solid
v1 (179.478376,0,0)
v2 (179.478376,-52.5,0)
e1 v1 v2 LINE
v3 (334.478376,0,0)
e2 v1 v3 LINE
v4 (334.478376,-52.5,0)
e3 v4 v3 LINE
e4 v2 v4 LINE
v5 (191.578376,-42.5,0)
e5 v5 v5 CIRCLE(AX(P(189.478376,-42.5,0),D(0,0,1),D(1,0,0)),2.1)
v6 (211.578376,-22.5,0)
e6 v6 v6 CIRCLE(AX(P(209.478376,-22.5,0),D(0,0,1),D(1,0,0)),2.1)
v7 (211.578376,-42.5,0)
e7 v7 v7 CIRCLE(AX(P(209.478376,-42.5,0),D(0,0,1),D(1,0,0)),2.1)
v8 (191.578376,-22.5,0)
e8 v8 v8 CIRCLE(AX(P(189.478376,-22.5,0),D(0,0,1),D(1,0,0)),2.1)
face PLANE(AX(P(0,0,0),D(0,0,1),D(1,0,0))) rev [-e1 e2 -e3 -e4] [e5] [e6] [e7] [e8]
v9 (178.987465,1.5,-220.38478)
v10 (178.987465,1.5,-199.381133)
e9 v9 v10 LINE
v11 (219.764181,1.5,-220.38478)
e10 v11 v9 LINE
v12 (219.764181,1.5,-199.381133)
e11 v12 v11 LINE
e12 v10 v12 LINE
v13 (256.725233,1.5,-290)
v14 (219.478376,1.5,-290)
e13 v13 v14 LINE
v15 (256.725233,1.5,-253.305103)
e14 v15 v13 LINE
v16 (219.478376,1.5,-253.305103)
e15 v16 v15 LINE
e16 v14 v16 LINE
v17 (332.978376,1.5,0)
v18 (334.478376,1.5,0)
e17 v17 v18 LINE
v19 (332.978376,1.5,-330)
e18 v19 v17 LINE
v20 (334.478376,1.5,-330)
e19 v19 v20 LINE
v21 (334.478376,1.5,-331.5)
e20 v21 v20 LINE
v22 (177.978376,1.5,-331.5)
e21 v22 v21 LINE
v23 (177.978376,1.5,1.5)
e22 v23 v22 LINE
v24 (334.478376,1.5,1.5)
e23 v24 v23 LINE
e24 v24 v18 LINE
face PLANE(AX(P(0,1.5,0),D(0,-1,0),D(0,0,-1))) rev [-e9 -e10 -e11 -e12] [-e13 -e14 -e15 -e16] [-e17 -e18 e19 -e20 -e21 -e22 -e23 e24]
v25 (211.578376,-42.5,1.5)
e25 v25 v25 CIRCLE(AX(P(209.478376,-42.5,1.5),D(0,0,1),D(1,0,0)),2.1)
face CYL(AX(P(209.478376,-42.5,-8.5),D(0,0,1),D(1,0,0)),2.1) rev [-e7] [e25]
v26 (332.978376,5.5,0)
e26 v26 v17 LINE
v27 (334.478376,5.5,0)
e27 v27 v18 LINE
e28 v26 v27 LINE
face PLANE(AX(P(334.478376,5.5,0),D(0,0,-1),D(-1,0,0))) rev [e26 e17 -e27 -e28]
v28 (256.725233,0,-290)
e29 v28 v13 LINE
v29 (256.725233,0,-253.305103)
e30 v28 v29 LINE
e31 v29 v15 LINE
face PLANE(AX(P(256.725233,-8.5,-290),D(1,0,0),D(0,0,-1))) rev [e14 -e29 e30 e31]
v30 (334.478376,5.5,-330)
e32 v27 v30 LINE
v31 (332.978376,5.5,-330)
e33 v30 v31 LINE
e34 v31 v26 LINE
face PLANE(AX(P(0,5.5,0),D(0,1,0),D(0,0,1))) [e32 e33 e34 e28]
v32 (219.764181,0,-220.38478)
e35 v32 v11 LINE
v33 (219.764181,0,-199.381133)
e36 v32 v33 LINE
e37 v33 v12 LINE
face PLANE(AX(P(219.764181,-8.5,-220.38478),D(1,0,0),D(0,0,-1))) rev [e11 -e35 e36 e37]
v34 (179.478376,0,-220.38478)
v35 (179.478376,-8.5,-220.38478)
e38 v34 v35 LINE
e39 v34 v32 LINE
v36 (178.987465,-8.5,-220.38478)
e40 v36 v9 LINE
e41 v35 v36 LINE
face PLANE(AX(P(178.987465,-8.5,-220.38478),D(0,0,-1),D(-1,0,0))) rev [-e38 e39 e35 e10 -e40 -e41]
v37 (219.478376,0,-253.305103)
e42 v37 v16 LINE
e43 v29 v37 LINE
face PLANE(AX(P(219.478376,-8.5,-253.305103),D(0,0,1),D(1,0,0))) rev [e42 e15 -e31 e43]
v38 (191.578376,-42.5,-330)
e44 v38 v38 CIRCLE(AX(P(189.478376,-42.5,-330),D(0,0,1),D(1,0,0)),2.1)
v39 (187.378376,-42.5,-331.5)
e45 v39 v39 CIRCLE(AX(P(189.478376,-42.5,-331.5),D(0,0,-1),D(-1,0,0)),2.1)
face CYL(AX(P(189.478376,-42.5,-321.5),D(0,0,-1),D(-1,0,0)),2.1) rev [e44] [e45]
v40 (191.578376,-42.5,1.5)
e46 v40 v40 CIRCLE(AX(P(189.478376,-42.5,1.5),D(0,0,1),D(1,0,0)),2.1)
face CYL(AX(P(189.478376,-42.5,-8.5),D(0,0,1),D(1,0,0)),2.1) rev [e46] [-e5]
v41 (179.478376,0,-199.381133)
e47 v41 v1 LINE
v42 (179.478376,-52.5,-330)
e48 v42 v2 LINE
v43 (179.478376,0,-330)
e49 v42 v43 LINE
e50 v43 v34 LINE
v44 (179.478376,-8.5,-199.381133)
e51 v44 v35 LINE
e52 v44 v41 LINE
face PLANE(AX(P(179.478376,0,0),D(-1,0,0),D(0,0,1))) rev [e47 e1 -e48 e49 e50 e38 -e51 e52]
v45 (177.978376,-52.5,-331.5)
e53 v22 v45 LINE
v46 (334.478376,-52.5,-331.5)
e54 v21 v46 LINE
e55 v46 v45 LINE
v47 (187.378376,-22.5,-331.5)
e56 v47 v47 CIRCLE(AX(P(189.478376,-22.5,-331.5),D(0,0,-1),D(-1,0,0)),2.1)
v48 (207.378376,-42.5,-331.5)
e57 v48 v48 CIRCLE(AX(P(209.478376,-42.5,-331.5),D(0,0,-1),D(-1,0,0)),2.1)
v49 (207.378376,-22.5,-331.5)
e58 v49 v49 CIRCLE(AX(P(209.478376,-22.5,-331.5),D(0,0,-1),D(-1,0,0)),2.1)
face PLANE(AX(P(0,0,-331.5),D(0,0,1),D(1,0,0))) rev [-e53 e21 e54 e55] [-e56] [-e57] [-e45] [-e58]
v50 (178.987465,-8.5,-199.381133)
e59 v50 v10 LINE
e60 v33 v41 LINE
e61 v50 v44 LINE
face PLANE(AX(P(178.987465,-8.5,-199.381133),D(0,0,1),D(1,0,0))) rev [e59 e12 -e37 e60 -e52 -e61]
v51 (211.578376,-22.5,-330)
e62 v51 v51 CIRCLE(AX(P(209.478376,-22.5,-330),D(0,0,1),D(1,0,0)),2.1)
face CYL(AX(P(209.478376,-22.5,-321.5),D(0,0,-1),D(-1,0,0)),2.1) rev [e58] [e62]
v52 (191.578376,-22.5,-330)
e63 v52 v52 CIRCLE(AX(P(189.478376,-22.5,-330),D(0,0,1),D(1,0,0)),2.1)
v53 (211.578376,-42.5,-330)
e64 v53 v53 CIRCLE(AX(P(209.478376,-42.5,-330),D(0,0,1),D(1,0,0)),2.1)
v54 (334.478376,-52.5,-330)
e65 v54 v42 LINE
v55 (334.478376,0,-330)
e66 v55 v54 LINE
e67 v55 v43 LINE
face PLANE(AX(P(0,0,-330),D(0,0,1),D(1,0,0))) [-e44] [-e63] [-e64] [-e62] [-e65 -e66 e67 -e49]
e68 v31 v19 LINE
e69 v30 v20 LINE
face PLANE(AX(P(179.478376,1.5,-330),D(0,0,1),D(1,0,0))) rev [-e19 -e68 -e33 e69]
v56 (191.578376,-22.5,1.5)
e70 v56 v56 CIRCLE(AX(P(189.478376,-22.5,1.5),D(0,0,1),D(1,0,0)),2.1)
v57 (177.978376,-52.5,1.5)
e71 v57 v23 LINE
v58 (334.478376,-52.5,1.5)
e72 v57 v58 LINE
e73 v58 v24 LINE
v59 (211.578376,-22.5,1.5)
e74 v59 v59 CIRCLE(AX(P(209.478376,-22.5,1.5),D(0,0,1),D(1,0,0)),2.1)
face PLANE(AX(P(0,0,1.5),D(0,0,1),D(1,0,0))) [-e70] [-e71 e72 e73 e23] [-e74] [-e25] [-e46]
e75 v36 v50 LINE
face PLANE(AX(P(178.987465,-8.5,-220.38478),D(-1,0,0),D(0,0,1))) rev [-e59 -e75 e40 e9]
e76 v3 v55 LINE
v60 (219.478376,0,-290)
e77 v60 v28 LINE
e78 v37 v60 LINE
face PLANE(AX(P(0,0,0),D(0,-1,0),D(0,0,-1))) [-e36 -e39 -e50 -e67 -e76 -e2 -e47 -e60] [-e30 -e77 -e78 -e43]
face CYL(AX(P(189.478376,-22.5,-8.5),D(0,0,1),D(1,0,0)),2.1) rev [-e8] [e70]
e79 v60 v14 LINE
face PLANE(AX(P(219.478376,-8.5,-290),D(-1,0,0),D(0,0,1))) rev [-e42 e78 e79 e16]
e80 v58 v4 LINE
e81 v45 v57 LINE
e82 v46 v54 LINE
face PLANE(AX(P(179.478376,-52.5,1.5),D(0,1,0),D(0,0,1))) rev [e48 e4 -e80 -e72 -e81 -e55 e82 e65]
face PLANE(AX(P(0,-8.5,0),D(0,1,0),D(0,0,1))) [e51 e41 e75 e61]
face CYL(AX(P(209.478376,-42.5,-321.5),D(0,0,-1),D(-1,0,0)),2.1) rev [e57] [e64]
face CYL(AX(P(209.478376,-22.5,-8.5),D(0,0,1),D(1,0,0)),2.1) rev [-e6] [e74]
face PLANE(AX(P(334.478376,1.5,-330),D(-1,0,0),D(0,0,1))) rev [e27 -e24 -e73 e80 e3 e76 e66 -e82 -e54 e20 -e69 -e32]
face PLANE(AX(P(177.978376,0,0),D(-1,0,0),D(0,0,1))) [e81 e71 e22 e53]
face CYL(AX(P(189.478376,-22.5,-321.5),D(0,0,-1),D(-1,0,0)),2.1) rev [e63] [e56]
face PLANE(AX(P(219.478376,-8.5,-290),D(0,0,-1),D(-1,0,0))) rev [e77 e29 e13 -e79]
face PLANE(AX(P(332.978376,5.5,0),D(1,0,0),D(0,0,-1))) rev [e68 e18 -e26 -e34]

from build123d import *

# Parameters (mm, degrees)
BOSS_EXTRUDE4_DEPTH  = 1.5
SKETCH5_W            = 155
SKETCH5_H            = 54
BOSS_EXTRUDE5_DEPTH  = 1.5
SKETCH8_W            = 1.5
SKETCH8_H            = 330
BOSS_EXTRUDE14_DEPTH = 4
SKETCH7_W            = 155
SKETCH7_H            = 54
BOSS_EXTRUDE18_DEPTH = 1.5
SKETCH9_W            = 333
SKETCH9_H            = 54
BOSS_EXTRUDE19_DEPTH = 1.5
SKETCH10_R           = 2.1
CUT_EXTRUDE1_DEPTH   = 10
CUT_EXTRUDE2_START   = -10
SKETCH17_R           = 2.1
CUT_EXTRUDE2_DEPTH   = 10
SKETCH16_R           = 2.1
CUT_EXTRUDE3_DEPTH   = 10
CUT_EXTRUDE4_START   = -10
SKETCH11_R           = 2.1
CUT_EXTRUDE4_DEPTH   = 10
SKETCH12_R           = 2.1
CUT_EXTRUDE5_DEPTH   = 10
SKETCH13_R           = 2.1
CUT_EXTRUDE6_DEPTH   = 10
CUT_EXTRUDE7_START   = -10
SKETCH14_R           = 2.1
CUT_EXTRUDE7_DEPTH   = 10
CUT_EXTRUDE8_START   = -10
SKETCH15_R           = 2.1
CUT_EXTRUDE8_DEPTH   = 10
SKETCH18_W           = 40.776716255
SKETCH18_H           = 21.003646254
CUT_EXTRUDE9_DEPTH   = 10
SKETCH21_W           = 37.24685685
SKETCH21_H           = 36.694897388
CUT_EXTRUDE12_DEPTH  = 10


with BuildPart() as part:
    # Sketch4 → Boss-Extrude4 (new body)
    with BuildSketch(Plane(origin=(0, 0, 0), x_dir=(1, 0, 0), z_dir=(0, 1, 0))):
        Polygon((179.47837592, 330), (334.47837592, 330), (334.47837592, 0), (179.47837592, 0), (179.47837592, 200), (179.47837592, 265), align=None)
    extrude(amount=BOSS_EXTRUDE4_DEPTH)

    # Sketch5 → Boss-Extrude5 (add)
    with BuildSketch(Plane.XY):
        with Locations((256.97837592, -25.5)):
            Rectangle(SKETCH5_W, SKETCH5_H)
    extrude(amount=BOSS_EXTRUDE5_DEPTH)

    # Sketch8 → Boss-Extrude14 (add)
    with BuildSketch(Plane(origin=(0, 1.5, 0), x_dir=(1, 0, 0), z_dir=(0, 1, 0))):
        with Locations((333.72837592, 165)):
            Rectangle(SKETCH8_W, SKETCH8_H)
    extrude(amount=BOSS_EXTRUDE14_DEPTH)

    # Sketch7 → Boss-Extrude18 (add)
    with BuildSketch(Plane(origin=(0, 0, -330), x_dir=(-1, 0, 0), z_dir=(0, 0, -1))):
        with Locations((-256.97837592, -25.5)):
            Rectangle(SKETCH7_W, SKETCH7_H)
    extrude(amount=BOSS_EXTRUDE18_DEPTH)

    # Sketch9 → Boss-Extrude19 (add)
    with BuildSketch(Plane.ZY.offset(-179.47837592)):
        with Locations((-165, -25.5)):
            Rectangle(SKETCH9_W, SKETCH9_H)
    extrude(amount=BOSS_EXTRUDE19_DEPTH)

    # Sketch10 → Cut-Extrude1 (cut)
    with BuildSketch(Plane(origin=(0, 0, -331.5), x_dir=(-1, 0, 0), z_dir=(0, 0, -1))):
        with Locations((-209.47837592, -42.5)):
            Circle(SKETCH10_R)
    extrude(amount=-CUT_EXTRUDE1_DEPTH, mode=Mode.SUBTRACT)

    # Sketch17 → Cut-Extrude2 (cut)
    with BuildSketch(Plane.XY.offset(1.5).offset(CUT_EXTRUDE2_START)):
        with Locations(Location((209.47837592, -42.5, 0), (0, 0, 180))):
            Circle(SKETCH17_R)
    extrude(amount=CUT_EXTRUDE2_DEPTH, mode=Mode.SUBTRACT)

    # Sketch16 → Cut-Extrude3 (cut)
    with BuildSketch(Plane.XY.offset(1.5)):
        with Locations((189.47837592, -42.5)):
            Circle(SKETCH16_R)
    extrude(amount=-CUT_EXTRUDE3_DEPTH, mode=Mode.SUBTRACT)

    # Sketch11 → Cut-Extrude4 (cut)
    with BuildSketch(Plane(origin=(0, 0, -331.5), x_dir=(-1, 0, 0), z_dir=(0, 0, -1)).offset(CUT_EXTRUDE4_START)):
        with Locations(Location((-189.47837592, -42.5, 0), (0, 0, 180))):
            Circle(SKETCH11_R)
    extrude(amount=CUT_EXTRUDE4_DEPTH, mode=Mode.SUBTRACT)

    # Sketch12 → Cut-Extrude5 (cut)
    with BuildSketch(Plane(origin=(0, 0, -331.5), x_dir=(-1, 0, 0), z_dir=(0, 0, -1))):
        with Locations((-189.47837592, -22.5)):
            Circle(SKETCH12_R)
    extrude(amount=-CUT_EXTRUDE5_DEPTH, mode=Mode.SUBTRACT)

    # Sketch13 → Cut-Extrude6 (cut)
    with BuildSketch(Plane(origin=(0, 0, -331.5), x_dir=(-1, 0, 0), z_dir=(0, 0, -1))):
        with Locations((-209.47837592, -22.5)):
            Circle(SKETCH13_R)
    extrude(amount=-CUT_EXTRUDE6_DEPTH, mode=Mode.SUBTRACT)

    # Sketch14 → Cut-Extrude7 (cut)
    with BuildSketch(Plane.XY.offset(1.5).offset(CUT_EXTRUDE7_START)):
        with Locations(Location((189.47837592, -22.5, 0), (0, 0, 180))):
            Circle(SKETCH14_R)
    extrude(amount=CUT_EXTRUDE7_DEPTH, mode=Mode.SUBTRACT)

    # Sketch15 → Cut-Extrude8 (cut)
    with BuildSketch(Plane.XY.offset(1.5).offset(CUT_EXTRUDE8_START)):
        with Locations(Location((209.47837592, -22.5, 0), (0, 0, 180))):
            Circle(SKETCH15_R)
    extrude(amount=CUT_EXTRUDE8_DEPTH, mode=Mode.SUBTRACT)

    # Sketch18 → Cut-Extrude9 (cut)
    with BuildSketch(Plane(origin=(0, 1.5, 0), x_dir=(1, 0, 0), z_dir=(0, 1, 0))):
        with Locations((199.375823154, 209.882956498)):
            Rectangle(SKETCH18_W, SKETCH18_H)
    extrude(amount=-CUT_EXTRUDE9_DEPTH, mode=Mode.SUBTRACT)

    # Sketch21 → Cut-Extrude12 (cut)
    with BuildSketch(Plane(origin=(0, 1.5, 0), x_dir=(1, 0, 0), z_dir=(0, 1, 0))):
        with Locations((238.101804345, 271.652551306)):
            Rectangle(SKETCH21_W, SKETCH21_H)
    extrude(amount=-CUT_EXTRUDE12_DEPTH, mode=Mode.SUBTRACT)


solid = part.part
